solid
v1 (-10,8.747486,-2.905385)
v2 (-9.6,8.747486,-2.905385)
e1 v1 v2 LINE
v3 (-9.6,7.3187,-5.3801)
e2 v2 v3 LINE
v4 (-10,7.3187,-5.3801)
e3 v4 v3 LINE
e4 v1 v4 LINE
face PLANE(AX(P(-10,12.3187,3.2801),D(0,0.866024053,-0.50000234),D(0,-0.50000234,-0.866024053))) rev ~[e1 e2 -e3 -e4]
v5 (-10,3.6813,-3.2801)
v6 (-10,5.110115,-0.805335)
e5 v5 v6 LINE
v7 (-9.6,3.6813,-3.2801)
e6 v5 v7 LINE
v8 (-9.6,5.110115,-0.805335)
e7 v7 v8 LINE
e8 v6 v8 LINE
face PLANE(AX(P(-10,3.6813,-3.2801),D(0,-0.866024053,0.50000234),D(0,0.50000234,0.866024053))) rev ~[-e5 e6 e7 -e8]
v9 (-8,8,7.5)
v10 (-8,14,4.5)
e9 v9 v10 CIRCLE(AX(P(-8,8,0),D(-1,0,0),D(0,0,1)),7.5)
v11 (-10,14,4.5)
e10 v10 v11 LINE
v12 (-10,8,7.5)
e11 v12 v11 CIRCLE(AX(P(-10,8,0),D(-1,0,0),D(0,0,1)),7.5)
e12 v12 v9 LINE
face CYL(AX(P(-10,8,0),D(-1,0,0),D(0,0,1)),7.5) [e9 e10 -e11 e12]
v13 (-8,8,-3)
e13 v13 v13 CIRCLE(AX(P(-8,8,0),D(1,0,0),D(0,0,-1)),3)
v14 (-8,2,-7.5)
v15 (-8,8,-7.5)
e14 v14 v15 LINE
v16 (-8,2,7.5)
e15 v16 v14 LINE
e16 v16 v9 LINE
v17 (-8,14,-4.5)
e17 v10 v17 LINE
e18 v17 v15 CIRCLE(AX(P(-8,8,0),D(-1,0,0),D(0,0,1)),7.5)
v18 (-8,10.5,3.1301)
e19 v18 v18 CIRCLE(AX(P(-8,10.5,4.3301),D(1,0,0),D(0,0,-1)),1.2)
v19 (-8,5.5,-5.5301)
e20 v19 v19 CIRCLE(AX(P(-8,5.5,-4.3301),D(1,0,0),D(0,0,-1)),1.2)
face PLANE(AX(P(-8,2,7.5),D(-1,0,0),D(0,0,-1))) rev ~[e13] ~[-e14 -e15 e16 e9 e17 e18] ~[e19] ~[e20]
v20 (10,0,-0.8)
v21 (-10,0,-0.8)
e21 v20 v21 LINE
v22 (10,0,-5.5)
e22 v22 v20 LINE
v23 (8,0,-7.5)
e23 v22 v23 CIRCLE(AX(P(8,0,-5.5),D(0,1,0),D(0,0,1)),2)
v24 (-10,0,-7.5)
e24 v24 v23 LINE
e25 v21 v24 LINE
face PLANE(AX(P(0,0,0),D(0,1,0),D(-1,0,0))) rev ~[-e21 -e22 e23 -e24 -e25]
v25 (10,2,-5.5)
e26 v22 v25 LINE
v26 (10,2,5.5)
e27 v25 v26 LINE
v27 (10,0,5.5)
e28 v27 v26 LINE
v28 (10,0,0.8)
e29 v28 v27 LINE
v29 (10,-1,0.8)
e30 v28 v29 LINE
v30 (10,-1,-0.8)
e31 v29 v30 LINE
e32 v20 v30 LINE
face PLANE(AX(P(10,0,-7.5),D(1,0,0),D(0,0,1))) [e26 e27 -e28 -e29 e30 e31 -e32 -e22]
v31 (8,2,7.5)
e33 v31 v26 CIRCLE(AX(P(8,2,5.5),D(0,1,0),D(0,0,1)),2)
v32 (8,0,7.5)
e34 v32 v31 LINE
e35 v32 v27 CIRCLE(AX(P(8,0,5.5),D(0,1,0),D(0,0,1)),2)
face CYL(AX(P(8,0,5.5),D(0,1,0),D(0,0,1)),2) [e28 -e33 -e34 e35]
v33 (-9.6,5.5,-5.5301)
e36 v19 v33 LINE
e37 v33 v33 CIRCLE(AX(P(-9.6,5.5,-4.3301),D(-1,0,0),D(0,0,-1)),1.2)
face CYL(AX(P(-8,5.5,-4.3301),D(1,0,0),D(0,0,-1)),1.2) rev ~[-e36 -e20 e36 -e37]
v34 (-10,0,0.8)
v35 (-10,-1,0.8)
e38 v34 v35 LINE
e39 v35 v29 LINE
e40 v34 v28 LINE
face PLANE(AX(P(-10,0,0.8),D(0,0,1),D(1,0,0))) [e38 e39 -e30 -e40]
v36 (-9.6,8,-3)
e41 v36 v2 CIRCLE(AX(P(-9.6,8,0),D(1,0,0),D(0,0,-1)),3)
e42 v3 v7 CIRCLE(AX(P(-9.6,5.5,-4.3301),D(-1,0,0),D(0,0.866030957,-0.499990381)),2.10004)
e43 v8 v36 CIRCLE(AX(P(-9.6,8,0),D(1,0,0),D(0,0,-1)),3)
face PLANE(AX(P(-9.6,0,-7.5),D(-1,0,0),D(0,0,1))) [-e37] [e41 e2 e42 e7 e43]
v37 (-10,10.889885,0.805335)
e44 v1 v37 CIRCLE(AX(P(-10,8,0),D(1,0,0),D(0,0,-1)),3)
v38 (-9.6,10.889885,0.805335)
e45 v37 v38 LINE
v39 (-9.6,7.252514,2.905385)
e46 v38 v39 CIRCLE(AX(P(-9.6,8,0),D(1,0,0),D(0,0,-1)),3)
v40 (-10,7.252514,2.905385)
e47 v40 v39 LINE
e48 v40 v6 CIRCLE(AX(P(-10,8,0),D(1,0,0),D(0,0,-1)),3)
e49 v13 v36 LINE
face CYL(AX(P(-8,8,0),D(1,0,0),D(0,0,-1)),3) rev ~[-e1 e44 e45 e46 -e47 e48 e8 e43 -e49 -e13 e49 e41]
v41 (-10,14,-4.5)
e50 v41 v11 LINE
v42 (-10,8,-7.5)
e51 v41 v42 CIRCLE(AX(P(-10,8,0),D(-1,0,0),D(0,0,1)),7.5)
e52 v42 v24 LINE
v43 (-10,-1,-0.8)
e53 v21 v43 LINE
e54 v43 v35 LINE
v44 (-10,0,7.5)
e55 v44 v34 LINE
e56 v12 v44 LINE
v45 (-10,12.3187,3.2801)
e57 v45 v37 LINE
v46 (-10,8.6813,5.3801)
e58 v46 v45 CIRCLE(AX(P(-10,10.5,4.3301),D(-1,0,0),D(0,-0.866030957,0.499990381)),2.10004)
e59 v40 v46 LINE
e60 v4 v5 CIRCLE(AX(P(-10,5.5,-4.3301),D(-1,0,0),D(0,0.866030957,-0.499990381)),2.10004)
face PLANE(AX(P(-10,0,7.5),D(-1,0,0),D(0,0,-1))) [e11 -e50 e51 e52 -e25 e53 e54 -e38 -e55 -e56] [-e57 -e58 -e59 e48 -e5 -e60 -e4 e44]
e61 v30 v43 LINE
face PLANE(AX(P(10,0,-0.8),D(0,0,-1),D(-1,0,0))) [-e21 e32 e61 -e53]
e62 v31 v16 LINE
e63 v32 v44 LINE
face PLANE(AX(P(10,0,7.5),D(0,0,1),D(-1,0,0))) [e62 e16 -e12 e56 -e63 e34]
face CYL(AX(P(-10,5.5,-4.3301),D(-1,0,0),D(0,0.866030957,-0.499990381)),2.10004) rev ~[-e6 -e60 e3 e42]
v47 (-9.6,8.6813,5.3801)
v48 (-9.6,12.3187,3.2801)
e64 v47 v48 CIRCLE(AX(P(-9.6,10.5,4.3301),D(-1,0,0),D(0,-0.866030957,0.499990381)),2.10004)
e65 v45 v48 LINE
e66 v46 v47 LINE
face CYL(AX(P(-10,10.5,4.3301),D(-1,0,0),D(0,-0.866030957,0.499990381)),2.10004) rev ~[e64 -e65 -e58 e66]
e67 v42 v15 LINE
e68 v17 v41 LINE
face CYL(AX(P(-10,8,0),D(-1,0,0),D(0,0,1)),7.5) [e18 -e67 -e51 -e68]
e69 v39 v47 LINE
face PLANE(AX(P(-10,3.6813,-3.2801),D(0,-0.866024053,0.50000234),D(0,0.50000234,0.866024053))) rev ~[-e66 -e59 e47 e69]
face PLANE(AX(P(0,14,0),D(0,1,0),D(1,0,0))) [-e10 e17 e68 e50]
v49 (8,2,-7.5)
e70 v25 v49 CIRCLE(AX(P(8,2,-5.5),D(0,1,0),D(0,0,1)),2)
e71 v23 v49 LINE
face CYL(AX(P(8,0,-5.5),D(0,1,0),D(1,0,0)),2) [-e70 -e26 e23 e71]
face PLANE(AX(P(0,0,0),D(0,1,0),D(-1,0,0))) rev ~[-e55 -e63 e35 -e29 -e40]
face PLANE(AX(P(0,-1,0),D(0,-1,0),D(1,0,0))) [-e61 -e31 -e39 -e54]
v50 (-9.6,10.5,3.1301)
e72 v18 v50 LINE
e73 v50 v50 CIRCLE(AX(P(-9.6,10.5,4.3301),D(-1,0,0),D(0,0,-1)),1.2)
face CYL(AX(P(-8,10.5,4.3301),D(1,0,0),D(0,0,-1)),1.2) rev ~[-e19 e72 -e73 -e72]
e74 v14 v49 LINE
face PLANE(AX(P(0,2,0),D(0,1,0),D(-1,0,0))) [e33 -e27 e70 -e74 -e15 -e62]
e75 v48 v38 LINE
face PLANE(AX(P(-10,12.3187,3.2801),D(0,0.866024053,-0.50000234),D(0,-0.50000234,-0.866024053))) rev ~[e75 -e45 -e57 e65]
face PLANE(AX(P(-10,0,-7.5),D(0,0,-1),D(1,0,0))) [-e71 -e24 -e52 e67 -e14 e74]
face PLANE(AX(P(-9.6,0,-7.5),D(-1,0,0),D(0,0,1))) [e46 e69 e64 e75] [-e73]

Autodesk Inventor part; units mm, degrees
ref_plane "YZ Plane" through (0, 0, 0) normal (1, 0, 0) x (0, 1, 0)
ref_plane "XZ Plane" through (0, 0, 0) normal (0, 1, 0) x (-1, 0, 0)
ref_plane "XY Plane" through (0, 0, 0) normal (0, 0, 1) x (1, 0, 0)
sketch "Sketch1" plane through (0, 0, 0) normal (0, 1, 0) x (-1, 0, 0)
  line L0 (-10, 7.5) -> (10, 7.5)
  line L1 (10, 7.5) -> (10, -7.5)
  line L2 (10, -7.5) -> (-10, -7.5)
  line L3 (-10, -7.5) -> (-10, 7.5)
  line L4 (-10, 7.5) -> (10, -7.5) construction
  line L5 (10, 7.5) -> (-10, -7.5) construction
  point P0 (0, 0)
  dimension "d0" = 20
  dimension "d1" = 15
extrude "Extrusion1" add sketch "Sketch1" along normal blind 2
sketch "Sketch2" plane through (0, 2, 0) normal (0, 1, 0) x (1, 0, 0)
  line L0 (-10, 7.5) -> (-10, -7.5) projected
  line L1 (-10, -7.5) -> (-8, -7.5)
  line L2 (-8, -7.5) -> (-8, 7.5)
  line L3 (-8, 7.5) -> (-10, 7.5)
  line L4 (-10, 7.5) -> (-10, -7.5)
  point P0 (0, 0)
  point P1 (-10, 0)
  point P2 (-10, 7.5)
  dimension "d4" = 2
  dimension "d5" = 15
extrude "Extrusion2" add sketch "Sketch2" along normal blind 12
sketch "Sketch3" plane through (-8, 2, 7.5) normal (1, 0, 0) x (0, 0, -1)
  circle A0 centre (7.5, 6) radius 3
  line L0 (0, 12) -> (15, 12) projected
  line L1 (15, 0) -> (15, 12) projected
  circle A1 centre (3.1699, 8.5) radius 1.2
  line L2 (0, -2) -> (0, 12) projected
  line L3 (0, 6) -> (15, 6) construction
  line L4 (0.8753, 9.8248) -> (14.1247, 2.1752) construction
  circle A2 centre (11.8301, 3.5) radius 1.2
  point P0 (7.5, -2)
  point P1 (7.5, 6)
  dimension "d8" = 6
  dimension "d9" = 6
  dimension "d10" = 7.5
  dimension "d11" = 2.4
  dimension "d12" = -30
  dimension "d13" = 5
  dimension "d14" = 2.4
  dimension "d15" = 5
extrude "Extrusion3" cut sketch "Sketch3" against normal blind 2
sketch "Sketch4" plane through (-10, 0, -7.5) normal (-1, 0, 0) x (0, 0, 1)
  circle A0 centre (7.5, 8) radius 3 projected
  circle A1 centre (7.5, 8) radius 7.5
  line L0 (0, 0) -> (0, 14) projected
  circle A2 centre (7.5, 8) radius 12.6892
  line L1 (7.5, 8) -> (-5.1892, 8)
  line L2 (7.5, 8) -> (20.1892, 8)
  point P0 (7.5, 0)
  point P1 (15, 8)
  point P2 (0, 8)
  dimension "d18" = 15
extrude "Extrusion4" cut sketch "Sketch4" against normal blind 2 contours A1 L1 A2 L2 picked at (-3.2639, 9.6105)
sketch "Sketch5" plane through (-10, 0, -7.5) normal (-1, 0, 0) x (0, 0, 1)
  circle A0 centre (3.1699, 5.5) radius 1.2 projected
  circle A1 centre (11.8301, 10.5) radius 1.2 projected
  line L0 (3.1699, 5.5) -> (11.8301, 10.5) construction
  line L1 (4.2199, 3.6813) -> (12.8801, 8.6813)
  line L2 (10.7801, 12.3187) -> (2.1199, 7.3187)
  arc A2 (2.1199, 7.3187) -> (4.2199, 3.6813) centre (3.1699, 5.5) ccw
  arc A3 (12.8801, 8.6813) -> (10.7801, 12.3187) centre (11.8301, 10.5) ccw
  point P0 (7.5, 0)
  point P1 (7.5, 8)
extrude "Extrusion6" cut sketch "Sketch5" against normal blind 0.4
sketch "Sketch7" plane through (0, 0, 0) normal (0, -1, 0) x (1, 0, 0)
  line L0 (-10, -7.5) -> (-10, 7.5) projected
  line L1 (-10, 0.8) -> (10, 0.8)
  line L2 (10, 0.8) -> (10, -0.8)
  line L3 (10, -0.8) -> (-10, -0.8)
  line L4 (-10, -0.8) -> (-10, 0.8)
  line L5 (10, 7.5) -> (10, -7.5) projected
  point P0 (0, 0)
  dimension "d27" = 1.6
  dimension "d28" = 0.8
extrude "Extrusion7" add sketch "Sketch7" along normal blind 1
fillet "Fillet1" radius 2 2 edges at (10, 1, -7.5) (10, 1, 7.5)
properties part number "Trzymak"
